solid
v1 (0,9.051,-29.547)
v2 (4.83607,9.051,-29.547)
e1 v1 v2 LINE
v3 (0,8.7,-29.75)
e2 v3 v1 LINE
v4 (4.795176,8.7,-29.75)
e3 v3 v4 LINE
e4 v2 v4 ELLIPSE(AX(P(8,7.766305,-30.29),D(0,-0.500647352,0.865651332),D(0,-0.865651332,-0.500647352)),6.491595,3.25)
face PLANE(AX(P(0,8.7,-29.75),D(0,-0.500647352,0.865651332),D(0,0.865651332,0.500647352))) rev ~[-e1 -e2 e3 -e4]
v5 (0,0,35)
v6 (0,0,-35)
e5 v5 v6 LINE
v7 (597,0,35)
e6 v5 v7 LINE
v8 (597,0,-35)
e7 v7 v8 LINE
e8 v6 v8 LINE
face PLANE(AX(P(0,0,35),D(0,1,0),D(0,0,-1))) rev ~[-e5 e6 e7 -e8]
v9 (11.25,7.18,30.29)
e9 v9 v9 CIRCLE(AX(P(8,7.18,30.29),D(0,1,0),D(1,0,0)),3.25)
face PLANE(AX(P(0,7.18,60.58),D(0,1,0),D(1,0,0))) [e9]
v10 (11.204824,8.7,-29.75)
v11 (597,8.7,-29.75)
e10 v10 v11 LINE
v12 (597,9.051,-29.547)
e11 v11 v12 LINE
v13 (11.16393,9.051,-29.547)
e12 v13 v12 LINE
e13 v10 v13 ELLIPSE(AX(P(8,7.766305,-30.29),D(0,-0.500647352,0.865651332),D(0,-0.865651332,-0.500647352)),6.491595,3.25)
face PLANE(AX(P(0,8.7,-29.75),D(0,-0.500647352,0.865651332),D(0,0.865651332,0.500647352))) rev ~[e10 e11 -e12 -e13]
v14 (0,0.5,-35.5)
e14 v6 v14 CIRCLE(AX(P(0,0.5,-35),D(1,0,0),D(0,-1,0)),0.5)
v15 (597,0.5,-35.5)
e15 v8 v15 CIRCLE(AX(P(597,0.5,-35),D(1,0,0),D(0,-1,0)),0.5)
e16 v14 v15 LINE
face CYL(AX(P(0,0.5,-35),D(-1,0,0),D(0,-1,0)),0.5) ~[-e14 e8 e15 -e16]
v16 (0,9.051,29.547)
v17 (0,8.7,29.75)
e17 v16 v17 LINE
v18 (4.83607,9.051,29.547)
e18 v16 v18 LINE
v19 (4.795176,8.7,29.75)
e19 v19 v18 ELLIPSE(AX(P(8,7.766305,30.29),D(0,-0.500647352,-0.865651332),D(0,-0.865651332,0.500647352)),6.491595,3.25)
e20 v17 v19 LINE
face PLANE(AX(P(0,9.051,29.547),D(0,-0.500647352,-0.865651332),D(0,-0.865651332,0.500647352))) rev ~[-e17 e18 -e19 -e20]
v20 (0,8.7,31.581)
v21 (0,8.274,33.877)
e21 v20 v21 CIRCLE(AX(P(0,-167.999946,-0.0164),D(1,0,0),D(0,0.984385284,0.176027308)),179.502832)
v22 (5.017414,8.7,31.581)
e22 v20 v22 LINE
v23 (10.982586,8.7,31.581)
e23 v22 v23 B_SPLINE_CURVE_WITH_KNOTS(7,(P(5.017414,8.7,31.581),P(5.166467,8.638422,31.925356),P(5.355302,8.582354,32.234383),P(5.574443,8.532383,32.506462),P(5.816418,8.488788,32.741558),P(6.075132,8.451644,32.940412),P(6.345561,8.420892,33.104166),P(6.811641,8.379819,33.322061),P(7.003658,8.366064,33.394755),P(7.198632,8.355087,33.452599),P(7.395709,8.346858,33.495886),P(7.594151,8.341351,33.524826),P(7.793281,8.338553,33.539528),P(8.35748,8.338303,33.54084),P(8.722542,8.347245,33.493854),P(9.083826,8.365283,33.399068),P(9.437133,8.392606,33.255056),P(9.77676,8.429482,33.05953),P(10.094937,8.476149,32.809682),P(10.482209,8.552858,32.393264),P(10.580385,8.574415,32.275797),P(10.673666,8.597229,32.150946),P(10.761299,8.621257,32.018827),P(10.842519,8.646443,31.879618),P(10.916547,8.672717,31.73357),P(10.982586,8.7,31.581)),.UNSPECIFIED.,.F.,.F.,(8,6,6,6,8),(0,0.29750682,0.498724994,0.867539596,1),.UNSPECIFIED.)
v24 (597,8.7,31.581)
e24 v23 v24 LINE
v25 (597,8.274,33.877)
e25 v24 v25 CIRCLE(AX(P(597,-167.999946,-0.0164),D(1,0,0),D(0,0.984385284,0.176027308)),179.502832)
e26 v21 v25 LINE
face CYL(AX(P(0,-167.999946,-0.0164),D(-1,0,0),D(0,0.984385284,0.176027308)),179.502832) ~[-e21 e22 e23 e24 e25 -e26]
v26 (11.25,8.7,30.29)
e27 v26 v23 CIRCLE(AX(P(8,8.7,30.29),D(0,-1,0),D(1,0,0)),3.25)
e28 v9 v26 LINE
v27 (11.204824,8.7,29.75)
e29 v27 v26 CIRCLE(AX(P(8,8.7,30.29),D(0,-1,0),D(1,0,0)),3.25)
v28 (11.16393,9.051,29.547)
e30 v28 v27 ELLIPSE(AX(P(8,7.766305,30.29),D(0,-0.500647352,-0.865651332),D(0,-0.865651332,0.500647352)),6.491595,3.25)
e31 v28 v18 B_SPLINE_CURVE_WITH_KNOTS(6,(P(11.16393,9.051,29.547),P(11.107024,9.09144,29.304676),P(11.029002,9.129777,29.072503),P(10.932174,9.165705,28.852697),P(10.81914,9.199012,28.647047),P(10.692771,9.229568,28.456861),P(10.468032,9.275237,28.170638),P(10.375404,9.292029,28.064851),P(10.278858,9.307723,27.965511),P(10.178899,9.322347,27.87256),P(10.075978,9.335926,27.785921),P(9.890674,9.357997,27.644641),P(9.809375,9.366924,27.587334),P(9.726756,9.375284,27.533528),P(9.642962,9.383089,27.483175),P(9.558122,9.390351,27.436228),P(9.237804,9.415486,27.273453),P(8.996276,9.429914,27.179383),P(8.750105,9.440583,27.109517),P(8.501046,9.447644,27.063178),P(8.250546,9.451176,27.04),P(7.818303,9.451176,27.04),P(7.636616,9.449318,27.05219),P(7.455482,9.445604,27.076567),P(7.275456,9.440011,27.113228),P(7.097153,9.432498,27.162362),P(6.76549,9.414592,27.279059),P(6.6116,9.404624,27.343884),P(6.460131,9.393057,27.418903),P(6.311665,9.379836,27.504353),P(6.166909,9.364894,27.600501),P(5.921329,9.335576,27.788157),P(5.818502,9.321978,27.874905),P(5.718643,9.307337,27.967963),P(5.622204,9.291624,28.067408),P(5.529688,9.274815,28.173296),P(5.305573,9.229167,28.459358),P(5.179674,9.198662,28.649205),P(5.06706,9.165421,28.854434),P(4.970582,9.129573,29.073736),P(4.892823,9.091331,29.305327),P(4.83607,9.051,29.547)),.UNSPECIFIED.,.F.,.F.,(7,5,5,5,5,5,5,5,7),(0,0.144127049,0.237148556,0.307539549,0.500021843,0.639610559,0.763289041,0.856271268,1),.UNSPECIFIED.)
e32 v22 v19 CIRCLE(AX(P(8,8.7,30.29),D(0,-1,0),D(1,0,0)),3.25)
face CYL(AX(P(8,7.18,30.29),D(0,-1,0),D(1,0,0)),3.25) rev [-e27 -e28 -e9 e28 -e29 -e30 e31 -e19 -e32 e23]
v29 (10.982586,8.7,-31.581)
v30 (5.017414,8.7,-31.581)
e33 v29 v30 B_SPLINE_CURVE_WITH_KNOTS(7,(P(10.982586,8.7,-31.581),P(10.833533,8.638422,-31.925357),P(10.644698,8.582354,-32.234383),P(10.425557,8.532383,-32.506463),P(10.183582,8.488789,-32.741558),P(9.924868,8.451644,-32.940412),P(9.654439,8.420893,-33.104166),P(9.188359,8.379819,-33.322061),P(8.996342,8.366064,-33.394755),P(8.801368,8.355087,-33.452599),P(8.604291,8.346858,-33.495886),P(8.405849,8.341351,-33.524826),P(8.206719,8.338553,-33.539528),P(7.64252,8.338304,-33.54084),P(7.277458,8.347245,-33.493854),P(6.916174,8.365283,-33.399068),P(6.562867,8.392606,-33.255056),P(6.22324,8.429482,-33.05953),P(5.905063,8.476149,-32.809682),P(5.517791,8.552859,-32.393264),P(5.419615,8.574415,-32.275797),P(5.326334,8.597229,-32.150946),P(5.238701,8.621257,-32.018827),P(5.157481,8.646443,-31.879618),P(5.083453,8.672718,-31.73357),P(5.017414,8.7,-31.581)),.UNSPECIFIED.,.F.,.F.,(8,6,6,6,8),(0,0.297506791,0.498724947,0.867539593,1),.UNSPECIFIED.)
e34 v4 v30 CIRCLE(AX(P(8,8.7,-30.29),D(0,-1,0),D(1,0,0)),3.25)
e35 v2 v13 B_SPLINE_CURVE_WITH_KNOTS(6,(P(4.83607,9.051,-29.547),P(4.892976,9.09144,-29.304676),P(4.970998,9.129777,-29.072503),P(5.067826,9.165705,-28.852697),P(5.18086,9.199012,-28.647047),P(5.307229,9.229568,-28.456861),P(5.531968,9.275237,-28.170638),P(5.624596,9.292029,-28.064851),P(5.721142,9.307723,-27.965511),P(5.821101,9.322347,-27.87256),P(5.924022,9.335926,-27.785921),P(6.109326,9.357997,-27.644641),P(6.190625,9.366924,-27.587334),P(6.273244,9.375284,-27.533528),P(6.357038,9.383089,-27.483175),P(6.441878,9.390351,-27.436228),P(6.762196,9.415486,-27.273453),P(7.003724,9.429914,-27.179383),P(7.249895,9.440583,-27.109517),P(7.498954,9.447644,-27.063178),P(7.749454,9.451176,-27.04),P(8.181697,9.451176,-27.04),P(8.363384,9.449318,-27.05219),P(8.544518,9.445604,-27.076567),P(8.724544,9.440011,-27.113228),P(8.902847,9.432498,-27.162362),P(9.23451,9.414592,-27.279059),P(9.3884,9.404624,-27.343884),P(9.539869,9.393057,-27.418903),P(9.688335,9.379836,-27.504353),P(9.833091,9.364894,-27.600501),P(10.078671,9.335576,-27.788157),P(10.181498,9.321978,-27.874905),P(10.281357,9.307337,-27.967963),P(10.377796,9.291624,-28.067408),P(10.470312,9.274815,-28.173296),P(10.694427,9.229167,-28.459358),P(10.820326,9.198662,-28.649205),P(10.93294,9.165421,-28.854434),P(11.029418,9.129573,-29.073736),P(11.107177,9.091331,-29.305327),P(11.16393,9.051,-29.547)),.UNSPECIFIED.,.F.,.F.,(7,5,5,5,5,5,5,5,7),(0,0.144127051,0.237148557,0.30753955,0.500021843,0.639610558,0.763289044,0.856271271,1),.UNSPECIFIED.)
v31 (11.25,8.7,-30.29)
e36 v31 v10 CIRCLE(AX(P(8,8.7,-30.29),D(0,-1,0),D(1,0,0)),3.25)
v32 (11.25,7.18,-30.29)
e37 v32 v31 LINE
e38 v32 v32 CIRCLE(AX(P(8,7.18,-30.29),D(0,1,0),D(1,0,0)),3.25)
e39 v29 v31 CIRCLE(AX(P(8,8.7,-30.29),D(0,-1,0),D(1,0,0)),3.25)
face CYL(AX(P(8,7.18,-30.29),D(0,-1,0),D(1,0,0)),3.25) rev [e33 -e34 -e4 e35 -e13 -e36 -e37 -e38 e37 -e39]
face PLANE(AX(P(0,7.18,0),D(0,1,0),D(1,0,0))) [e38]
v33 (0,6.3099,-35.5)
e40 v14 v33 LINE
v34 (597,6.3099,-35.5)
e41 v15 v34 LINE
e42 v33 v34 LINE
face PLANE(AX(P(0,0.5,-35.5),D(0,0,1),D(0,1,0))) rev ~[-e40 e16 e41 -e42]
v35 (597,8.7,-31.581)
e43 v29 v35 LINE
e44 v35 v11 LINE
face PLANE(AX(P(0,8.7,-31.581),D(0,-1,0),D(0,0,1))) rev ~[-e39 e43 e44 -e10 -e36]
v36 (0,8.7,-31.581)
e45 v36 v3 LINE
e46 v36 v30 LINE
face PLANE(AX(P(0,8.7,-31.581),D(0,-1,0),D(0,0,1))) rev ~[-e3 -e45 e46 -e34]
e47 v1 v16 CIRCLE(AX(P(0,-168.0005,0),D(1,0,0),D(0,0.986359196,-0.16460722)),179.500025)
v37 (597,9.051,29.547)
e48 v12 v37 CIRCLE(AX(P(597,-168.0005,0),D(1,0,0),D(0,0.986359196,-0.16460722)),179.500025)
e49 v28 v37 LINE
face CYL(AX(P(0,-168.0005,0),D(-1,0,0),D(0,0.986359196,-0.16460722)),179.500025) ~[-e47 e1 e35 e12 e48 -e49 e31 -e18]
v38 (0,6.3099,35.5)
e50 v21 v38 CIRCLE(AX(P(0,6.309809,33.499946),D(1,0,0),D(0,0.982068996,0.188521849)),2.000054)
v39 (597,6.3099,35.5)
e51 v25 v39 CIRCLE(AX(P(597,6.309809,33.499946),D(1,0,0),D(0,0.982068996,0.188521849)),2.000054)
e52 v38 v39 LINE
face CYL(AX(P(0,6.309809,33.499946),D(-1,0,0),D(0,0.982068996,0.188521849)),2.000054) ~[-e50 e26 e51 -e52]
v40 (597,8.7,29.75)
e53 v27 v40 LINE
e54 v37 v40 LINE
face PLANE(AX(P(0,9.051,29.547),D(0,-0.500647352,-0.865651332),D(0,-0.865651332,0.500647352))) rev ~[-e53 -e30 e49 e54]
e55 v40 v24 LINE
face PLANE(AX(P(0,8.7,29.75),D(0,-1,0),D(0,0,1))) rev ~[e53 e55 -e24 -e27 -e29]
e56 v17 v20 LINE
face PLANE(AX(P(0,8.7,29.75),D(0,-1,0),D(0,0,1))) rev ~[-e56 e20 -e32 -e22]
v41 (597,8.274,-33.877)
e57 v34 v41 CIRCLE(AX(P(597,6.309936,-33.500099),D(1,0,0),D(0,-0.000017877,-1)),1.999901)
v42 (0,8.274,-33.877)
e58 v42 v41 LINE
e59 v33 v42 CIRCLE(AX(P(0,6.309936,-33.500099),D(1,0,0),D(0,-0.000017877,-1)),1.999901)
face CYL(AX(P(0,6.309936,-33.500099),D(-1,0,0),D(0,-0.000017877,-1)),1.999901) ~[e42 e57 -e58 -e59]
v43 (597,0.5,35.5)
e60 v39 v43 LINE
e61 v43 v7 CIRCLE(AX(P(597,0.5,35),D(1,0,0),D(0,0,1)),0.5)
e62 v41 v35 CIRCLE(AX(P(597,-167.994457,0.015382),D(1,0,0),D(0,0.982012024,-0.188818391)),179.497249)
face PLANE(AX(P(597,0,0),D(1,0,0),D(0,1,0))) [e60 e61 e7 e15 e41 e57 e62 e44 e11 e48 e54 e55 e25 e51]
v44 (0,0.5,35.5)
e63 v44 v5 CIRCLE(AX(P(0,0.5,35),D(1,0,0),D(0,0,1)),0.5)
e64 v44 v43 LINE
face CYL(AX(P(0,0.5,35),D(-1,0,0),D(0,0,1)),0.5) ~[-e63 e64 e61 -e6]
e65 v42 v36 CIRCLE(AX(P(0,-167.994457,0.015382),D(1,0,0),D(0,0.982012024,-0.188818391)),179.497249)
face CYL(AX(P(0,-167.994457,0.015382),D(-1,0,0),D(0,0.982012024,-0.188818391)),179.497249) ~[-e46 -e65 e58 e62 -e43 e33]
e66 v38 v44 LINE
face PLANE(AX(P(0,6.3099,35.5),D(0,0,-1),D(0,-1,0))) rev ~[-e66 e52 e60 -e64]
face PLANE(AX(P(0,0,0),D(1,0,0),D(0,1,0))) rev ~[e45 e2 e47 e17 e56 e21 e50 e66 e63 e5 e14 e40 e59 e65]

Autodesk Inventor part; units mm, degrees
sketch "__2" plane through (0, 0, 0) normal (1, 0, 0) x (0, 1, 0)
  arc A0 (0.5, 35.5) -> (0, 35) centre (0.5, 35) ccw
  line L0 (0, 35) -> (0, -35)
  arc A1 (0, -35) -> (0.5, -35.5) centre (0.5, -35) ccw
  line L1 (0.5, -35.5) -> (6.3099, -35.5)
  arc A2 (6.3099, -35.5) -> (8.274, -33.877) centre (6.3099, -33.5) ccw
  arc A3 (8.274, -33.877) -> (8.7, -31.581) centre (-167.9972, 0.0159) ccw
  line L2 (8.7, -31.581) -> (8.7, -29.75)
  line L3 (8.7, -29.75) -> (9.051, -29.547)
  arc A4 (9.051, -29.547) -> (9.051, 29.547) centre (-168.0005, 0) ccw
  line L4 (9.051, 29.547) -> (8.7, 29.75)
  line L5 (8.7, 29.75) -> (8.7, 31.581)
  arc A5 (8.7, 31.581) -> (8.274, 33.877) centre (-167.9972, -0.0159) ccw
  arc A6 (8.274, 33.877) -> (6.3099, 35.5) centre (6.3099, 33.5) ccw
  line L6 (6.3099, 35.5) -> (0.5, 35.5)
extrude "Extrusion1" add sketch "__2" along normal blind 597
sketch "__1" plane through (0, 7.18, 0) normal (0, 1, 0) x (1, 0, 0)
  circle A0 centre (8, 30.29) radius 3.25
extrude "Extrusion2" cut sketch "__1" along normal blind 3.52
pattern_linear "Rectangular Pattern1" count 2 spacing 631 along (1, 0, 0) count 2 spacing 60.58 along (0, 0, 1) of "Extrusion2"
ref_plane "BODYS_XY" through (0, 0, 0) normal (1, 0, 0) x (0, 0, -1)
ref_plane "BODYS_YZ" through (0, 0, 0) normal (0, 0, -1) x (0, 1, 0)
ref_plane "BODYS_ZX" through (0, 0, 0) normal (0, 1, 0) x (1, 0, 0)
properties part number "ETH2-17-350_3"
